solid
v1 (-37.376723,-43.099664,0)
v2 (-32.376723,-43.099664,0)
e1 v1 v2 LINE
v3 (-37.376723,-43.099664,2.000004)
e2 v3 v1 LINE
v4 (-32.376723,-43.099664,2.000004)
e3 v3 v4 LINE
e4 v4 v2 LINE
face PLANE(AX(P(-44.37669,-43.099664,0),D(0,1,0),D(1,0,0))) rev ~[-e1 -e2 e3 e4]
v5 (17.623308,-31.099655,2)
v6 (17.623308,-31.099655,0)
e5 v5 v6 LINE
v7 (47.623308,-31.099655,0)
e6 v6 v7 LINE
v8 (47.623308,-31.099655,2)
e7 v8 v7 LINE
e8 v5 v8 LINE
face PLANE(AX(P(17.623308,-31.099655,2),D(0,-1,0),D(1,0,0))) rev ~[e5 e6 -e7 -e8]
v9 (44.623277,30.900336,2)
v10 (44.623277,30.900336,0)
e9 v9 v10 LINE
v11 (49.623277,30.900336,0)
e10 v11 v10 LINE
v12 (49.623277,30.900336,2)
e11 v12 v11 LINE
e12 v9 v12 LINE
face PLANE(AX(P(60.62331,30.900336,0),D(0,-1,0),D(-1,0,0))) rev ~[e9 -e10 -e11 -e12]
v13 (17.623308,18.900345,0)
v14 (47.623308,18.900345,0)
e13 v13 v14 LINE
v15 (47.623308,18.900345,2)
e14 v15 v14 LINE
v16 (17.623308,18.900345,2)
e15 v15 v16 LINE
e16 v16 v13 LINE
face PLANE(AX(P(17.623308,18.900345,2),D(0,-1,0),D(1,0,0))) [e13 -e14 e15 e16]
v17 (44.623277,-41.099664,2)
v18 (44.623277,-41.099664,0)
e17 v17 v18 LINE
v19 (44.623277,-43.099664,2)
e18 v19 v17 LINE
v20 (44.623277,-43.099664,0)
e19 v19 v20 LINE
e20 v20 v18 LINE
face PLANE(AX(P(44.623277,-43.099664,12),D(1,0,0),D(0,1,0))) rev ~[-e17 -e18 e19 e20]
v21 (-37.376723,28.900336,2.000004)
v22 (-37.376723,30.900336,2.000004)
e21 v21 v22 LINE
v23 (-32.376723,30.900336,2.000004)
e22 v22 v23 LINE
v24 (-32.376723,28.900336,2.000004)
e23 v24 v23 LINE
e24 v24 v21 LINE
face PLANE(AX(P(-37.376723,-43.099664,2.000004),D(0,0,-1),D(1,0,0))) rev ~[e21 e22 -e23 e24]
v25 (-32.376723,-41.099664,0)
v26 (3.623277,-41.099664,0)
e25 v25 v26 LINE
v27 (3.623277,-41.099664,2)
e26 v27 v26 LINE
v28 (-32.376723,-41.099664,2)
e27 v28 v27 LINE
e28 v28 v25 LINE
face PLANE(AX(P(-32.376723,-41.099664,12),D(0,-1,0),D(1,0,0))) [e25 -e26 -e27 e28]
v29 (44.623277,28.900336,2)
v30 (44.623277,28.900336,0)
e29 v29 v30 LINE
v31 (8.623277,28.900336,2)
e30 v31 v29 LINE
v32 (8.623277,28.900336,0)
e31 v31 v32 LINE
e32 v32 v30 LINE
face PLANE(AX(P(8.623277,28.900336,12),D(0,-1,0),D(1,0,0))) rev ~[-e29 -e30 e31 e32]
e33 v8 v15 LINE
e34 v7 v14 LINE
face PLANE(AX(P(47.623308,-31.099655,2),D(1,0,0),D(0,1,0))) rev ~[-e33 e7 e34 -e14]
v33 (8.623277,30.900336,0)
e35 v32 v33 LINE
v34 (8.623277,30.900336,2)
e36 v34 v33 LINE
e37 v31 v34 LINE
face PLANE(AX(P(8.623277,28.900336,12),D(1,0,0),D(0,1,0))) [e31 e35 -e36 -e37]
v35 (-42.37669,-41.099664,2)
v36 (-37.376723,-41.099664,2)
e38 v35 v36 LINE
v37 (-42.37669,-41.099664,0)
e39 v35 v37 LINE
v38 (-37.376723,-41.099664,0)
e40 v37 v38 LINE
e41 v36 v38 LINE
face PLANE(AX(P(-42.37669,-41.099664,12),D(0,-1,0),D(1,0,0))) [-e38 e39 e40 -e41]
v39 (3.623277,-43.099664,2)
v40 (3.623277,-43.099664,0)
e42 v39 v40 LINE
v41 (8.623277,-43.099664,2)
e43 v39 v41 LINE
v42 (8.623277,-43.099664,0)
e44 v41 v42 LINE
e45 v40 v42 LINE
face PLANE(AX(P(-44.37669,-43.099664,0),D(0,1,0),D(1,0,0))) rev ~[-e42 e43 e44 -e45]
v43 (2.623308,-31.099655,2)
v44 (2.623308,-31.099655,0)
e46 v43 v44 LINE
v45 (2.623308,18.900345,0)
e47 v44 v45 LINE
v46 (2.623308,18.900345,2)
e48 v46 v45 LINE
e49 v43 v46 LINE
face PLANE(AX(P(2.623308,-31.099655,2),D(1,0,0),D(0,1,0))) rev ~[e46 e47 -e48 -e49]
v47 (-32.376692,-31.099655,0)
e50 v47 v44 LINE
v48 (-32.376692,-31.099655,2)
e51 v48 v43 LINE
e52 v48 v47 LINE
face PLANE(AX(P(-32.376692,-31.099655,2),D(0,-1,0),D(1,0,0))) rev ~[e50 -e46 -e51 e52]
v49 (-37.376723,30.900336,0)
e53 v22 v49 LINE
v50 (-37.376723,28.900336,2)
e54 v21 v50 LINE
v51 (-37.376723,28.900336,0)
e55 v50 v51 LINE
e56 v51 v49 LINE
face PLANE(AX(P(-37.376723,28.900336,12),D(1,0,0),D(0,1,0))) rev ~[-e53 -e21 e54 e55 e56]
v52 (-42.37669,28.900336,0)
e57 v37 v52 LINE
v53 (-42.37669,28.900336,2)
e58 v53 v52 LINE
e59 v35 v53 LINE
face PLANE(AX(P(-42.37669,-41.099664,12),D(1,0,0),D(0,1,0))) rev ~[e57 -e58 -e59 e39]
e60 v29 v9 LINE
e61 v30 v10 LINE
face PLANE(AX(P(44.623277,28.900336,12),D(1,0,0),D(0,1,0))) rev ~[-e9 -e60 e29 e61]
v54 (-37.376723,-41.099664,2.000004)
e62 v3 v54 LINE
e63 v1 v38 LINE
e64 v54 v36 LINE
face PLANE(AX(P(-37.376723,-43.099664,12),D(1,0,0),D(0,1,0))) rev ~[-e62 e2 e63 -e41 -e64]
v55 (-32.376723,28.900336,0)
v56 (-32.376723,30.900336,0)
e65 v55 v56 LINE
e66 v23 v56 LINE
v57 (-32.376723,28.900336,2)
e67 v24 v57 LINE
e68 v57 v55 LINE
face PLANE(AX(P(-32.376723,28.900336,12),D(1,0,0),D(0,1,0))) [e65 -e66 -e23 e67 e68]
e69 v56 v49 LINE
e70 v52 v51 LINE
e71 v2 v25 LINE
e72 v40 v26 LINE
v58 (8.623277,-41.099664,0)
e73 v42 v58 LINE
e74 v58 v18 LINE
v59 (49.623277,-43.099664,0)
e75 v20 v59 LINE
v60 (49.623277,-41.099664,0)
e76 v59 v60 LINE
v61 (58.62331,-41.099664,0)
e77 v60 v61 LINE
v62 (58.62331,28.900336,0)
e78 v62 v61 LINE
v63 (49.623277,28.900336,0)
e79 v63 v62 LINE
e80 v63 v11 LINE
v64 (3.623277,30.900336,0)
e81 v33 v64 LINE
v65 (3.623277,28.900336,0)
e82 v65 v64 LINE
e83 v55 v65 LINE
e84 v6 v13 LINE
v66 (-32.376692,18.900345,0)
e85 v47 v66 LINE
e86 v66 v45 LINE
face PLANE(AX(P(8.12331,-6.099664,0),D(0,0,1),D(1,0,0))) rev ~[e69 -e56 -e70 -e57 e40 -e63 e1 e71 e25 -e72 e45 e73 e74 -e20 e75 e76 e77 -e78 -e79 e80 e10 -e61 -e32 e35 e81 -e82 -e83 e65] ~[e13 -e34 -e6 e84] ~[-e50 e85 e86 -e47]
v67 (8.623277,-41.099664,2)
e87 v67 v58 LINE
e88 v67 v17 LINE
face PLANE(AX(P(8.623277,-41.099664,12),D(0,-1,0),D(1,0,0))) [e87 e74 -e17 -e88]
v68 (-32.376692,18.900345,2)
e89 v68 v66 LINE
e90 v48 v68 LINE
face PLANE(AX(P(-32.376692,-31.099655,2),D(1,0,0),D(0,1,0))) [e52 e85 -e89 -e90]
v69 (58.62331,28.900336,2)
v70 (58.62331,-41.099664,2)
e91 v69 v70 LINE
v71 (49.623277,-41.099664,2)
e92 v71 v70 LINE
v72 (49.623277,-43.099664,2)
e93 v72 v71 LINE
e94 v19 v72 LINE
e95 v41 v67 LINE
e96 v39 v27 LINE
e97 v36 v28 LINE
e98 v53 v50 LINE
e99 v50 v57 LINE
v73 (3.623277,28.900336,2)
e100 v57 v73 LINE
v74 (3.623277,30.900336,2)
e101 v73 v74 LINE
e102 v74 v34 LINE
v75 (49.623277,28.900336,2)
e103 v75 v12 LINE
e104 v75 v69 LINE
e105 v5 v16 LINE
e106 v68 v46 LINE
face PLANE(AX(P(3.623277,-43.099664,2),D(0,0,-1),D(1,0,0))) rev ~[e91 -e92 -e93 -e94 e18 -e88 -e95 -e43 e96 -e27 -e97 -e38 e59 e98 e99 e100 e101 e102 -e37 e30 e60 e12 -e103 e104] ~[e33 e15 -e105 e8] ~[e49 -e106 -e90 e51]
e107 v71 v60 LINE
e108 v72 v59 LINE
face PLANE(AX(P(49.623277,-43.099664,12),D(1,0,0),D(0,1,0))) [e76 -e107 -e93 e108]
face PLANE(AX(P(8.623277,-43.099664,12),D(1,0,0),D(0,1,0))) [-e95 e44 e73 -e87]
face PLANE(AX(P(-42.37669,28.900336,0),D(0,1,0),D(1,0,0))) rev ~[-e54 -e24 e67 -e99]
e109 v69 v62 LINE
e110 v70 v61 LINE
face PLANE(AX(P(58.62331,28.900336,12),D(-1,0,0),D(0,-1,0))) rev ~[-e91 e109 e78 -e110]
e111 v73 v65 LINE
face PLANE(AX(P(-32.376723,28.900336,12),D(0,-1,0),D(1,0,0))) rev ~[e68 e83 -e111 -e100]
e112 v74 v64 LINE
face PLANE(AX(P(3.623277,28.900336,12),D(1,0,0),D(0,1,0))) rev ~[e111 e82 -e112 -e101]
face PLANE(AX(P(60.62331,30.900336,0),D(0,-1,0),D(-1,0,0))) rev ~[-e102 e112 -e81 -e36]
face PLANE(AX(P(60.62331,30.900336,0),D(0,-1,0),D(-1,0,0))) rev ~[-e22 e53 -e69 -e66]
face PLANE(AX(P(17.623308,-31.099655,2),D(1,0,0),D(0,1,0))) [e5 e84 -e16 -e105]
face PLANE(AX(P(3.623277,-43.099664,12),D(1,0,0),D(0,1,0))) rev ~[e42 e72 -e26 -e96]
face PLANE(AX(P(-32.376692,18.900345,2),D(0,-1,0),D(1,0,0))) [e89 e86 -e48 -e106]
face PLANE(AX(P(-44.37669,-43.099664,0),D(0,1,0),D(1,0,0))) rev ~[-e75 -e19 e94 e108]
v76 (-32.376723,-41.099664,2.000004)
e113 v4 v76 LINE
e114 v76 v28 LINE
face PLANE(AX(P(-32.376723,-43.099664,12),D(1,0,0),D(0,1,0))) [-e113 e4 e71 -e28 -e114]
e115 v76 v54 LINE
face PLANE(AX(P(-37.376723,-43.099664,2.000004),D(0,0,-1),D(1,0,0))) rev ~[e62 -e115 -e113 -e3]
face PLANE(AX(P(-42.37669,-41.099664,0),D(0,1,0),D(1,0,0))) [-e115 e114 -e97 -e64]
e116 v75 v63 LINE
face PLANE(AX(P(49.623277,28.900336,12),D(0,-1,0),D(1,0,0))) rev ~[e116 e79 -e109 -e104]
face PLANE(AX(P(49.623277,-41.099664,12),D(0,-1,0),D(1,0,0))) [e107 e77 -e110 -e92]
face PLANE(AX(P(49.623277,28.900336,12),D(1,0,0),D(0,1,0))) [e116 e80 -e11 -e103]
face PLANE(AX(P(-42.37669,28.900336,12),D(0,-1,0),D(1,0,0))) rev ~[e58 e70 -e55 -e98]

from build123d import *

# Parameters (mm, degrees)
F0_W      = 101
F0_H      = 2
F1_DEPTH  = 12
F0_H_2    = 70
F2_DEPTH  = 2
F4_R      = 1.75
F5_DEPTH  = 100
F3_W      = 48
F3_H      = 12
F6_DEPTH  = 2
F7_W      = 35
F7_H      = 50
F7_W_2    = 30
F8_DEPTH  = 2
F9_W      = 5
F9_H      = 10
F10_DEPTH = 80
F11_DEPTH = 12


with BuildPart() as f1:
    # F0 (on Top) → F1 (new body)
    with BuildSketch(Plane.XY):
        Polygon((-42.3766899407, -41.0996641517), (-42.3766899407, 28.9003358483), (-42.3766899407, 30.9003358483), (-44.3766899407, 30.9003358483), (-44.3766899407, -43.0996641517), (-42.3766899407, -43.0996641517), align=None)
        with Locations((8.1233100593, 29.9003358483)):
            Rectangle(F0_W, F0_H)
        Polygon((58.6233100593, 30.9003358483), (58.6233100593, 28.9003358483), (58.6233100593, -41.0996641517), (58.6233100593, -43.0996641517), (60.6233100593, -43.0996641517), (60.6233100593, 30.9003358483), align=None)
        with Locations((8.1233100593, -42.0996641517)):
            Rectangle(F0_W, F0_H)
    extrude(amount=F1_DEPTH)

    # F0 (on Top) → F2 (join)
    with BuildSketch(Plane.XY):
        with Locations((8.1233100593, -6.0996641517)):
            Rectangle(F0_W, F0_H_2)
    extrude(amount=F2_DEPTH)

    # F4 (on face) → F5 (cut)
    with BuildSketch(Plane.XZ.offset(43.0996641517)):
        with Locations((44.6233227849, 5.0000082701)):
            Circle(F4_R)
        with Locations((-32.3766772151, 5.0000082701)):
            Circle(F4_R)
    extrude(amount=-F5_DEPTH, mode=Mode.SUBTRACT)

    # F3 (on face) → F6 (cut)
    with BuildSketch(Plane.YZ.offset(60.6233100593)):
        with Locations((-11.0996702909, 6)):
            Rectangle(F3_W, F3_H)
    extrude(amount=-F6_DEPTH, mode=Mode.SUBTRACT)

    # F7 (on face) → F8 (cut)
    with BuildSketch(Plane.XY.offset(2)):
        with Locations((-14.876691699, -6.0996547341)):
            Rectangle(F7_W, F7_H)
        with Locations((32.623308301, -6.0996547341)):
            Rectangle(F7_W_2, F7_H)
    extrude(amount=-F8_DEPTH, mode=Mode.SUBTRACT)

    # F9 (on face) → F10 (cut)
    with BuildSketch(Plane.XZ.offset(43.0996641517)):
        with Locations((-34.8767231405, 7.0000035018)):
            Rectangle(F9_W, F9_H)
        with Locations((6.1232769489, 7)):
            Rectangle(F9_W, F9_H)
        with Locations((47.1232769489, 7)):
            Rectangle(F9_W, F9_H)
    extrude(amount=-F10_DEPTH, mode=Mode.SUBTRACT)

    # F11 (cut): faces of the model
    f11_faces = [f1.faces().sort_by_distance(p)[0] for p in [
        (-14.3767230958, 29.9003358483, 12),
        (26.6232769489, 29.9003358483, 12),
        (49.8342274051, 29.9003358483, 12),
        (54.1232935041, -41.2356790884, 12),
        (26.6232769489, -42.0996641517, 12),
        (-14.3767230958, -42.0996641517, 12),
        (-42.9600276875, -6.0996641517, 12),
    ]]
    extrude(f11_faces, amount=-F11_DEPTH, mode=Mode.SUBTRACT)


solid = f1.part
